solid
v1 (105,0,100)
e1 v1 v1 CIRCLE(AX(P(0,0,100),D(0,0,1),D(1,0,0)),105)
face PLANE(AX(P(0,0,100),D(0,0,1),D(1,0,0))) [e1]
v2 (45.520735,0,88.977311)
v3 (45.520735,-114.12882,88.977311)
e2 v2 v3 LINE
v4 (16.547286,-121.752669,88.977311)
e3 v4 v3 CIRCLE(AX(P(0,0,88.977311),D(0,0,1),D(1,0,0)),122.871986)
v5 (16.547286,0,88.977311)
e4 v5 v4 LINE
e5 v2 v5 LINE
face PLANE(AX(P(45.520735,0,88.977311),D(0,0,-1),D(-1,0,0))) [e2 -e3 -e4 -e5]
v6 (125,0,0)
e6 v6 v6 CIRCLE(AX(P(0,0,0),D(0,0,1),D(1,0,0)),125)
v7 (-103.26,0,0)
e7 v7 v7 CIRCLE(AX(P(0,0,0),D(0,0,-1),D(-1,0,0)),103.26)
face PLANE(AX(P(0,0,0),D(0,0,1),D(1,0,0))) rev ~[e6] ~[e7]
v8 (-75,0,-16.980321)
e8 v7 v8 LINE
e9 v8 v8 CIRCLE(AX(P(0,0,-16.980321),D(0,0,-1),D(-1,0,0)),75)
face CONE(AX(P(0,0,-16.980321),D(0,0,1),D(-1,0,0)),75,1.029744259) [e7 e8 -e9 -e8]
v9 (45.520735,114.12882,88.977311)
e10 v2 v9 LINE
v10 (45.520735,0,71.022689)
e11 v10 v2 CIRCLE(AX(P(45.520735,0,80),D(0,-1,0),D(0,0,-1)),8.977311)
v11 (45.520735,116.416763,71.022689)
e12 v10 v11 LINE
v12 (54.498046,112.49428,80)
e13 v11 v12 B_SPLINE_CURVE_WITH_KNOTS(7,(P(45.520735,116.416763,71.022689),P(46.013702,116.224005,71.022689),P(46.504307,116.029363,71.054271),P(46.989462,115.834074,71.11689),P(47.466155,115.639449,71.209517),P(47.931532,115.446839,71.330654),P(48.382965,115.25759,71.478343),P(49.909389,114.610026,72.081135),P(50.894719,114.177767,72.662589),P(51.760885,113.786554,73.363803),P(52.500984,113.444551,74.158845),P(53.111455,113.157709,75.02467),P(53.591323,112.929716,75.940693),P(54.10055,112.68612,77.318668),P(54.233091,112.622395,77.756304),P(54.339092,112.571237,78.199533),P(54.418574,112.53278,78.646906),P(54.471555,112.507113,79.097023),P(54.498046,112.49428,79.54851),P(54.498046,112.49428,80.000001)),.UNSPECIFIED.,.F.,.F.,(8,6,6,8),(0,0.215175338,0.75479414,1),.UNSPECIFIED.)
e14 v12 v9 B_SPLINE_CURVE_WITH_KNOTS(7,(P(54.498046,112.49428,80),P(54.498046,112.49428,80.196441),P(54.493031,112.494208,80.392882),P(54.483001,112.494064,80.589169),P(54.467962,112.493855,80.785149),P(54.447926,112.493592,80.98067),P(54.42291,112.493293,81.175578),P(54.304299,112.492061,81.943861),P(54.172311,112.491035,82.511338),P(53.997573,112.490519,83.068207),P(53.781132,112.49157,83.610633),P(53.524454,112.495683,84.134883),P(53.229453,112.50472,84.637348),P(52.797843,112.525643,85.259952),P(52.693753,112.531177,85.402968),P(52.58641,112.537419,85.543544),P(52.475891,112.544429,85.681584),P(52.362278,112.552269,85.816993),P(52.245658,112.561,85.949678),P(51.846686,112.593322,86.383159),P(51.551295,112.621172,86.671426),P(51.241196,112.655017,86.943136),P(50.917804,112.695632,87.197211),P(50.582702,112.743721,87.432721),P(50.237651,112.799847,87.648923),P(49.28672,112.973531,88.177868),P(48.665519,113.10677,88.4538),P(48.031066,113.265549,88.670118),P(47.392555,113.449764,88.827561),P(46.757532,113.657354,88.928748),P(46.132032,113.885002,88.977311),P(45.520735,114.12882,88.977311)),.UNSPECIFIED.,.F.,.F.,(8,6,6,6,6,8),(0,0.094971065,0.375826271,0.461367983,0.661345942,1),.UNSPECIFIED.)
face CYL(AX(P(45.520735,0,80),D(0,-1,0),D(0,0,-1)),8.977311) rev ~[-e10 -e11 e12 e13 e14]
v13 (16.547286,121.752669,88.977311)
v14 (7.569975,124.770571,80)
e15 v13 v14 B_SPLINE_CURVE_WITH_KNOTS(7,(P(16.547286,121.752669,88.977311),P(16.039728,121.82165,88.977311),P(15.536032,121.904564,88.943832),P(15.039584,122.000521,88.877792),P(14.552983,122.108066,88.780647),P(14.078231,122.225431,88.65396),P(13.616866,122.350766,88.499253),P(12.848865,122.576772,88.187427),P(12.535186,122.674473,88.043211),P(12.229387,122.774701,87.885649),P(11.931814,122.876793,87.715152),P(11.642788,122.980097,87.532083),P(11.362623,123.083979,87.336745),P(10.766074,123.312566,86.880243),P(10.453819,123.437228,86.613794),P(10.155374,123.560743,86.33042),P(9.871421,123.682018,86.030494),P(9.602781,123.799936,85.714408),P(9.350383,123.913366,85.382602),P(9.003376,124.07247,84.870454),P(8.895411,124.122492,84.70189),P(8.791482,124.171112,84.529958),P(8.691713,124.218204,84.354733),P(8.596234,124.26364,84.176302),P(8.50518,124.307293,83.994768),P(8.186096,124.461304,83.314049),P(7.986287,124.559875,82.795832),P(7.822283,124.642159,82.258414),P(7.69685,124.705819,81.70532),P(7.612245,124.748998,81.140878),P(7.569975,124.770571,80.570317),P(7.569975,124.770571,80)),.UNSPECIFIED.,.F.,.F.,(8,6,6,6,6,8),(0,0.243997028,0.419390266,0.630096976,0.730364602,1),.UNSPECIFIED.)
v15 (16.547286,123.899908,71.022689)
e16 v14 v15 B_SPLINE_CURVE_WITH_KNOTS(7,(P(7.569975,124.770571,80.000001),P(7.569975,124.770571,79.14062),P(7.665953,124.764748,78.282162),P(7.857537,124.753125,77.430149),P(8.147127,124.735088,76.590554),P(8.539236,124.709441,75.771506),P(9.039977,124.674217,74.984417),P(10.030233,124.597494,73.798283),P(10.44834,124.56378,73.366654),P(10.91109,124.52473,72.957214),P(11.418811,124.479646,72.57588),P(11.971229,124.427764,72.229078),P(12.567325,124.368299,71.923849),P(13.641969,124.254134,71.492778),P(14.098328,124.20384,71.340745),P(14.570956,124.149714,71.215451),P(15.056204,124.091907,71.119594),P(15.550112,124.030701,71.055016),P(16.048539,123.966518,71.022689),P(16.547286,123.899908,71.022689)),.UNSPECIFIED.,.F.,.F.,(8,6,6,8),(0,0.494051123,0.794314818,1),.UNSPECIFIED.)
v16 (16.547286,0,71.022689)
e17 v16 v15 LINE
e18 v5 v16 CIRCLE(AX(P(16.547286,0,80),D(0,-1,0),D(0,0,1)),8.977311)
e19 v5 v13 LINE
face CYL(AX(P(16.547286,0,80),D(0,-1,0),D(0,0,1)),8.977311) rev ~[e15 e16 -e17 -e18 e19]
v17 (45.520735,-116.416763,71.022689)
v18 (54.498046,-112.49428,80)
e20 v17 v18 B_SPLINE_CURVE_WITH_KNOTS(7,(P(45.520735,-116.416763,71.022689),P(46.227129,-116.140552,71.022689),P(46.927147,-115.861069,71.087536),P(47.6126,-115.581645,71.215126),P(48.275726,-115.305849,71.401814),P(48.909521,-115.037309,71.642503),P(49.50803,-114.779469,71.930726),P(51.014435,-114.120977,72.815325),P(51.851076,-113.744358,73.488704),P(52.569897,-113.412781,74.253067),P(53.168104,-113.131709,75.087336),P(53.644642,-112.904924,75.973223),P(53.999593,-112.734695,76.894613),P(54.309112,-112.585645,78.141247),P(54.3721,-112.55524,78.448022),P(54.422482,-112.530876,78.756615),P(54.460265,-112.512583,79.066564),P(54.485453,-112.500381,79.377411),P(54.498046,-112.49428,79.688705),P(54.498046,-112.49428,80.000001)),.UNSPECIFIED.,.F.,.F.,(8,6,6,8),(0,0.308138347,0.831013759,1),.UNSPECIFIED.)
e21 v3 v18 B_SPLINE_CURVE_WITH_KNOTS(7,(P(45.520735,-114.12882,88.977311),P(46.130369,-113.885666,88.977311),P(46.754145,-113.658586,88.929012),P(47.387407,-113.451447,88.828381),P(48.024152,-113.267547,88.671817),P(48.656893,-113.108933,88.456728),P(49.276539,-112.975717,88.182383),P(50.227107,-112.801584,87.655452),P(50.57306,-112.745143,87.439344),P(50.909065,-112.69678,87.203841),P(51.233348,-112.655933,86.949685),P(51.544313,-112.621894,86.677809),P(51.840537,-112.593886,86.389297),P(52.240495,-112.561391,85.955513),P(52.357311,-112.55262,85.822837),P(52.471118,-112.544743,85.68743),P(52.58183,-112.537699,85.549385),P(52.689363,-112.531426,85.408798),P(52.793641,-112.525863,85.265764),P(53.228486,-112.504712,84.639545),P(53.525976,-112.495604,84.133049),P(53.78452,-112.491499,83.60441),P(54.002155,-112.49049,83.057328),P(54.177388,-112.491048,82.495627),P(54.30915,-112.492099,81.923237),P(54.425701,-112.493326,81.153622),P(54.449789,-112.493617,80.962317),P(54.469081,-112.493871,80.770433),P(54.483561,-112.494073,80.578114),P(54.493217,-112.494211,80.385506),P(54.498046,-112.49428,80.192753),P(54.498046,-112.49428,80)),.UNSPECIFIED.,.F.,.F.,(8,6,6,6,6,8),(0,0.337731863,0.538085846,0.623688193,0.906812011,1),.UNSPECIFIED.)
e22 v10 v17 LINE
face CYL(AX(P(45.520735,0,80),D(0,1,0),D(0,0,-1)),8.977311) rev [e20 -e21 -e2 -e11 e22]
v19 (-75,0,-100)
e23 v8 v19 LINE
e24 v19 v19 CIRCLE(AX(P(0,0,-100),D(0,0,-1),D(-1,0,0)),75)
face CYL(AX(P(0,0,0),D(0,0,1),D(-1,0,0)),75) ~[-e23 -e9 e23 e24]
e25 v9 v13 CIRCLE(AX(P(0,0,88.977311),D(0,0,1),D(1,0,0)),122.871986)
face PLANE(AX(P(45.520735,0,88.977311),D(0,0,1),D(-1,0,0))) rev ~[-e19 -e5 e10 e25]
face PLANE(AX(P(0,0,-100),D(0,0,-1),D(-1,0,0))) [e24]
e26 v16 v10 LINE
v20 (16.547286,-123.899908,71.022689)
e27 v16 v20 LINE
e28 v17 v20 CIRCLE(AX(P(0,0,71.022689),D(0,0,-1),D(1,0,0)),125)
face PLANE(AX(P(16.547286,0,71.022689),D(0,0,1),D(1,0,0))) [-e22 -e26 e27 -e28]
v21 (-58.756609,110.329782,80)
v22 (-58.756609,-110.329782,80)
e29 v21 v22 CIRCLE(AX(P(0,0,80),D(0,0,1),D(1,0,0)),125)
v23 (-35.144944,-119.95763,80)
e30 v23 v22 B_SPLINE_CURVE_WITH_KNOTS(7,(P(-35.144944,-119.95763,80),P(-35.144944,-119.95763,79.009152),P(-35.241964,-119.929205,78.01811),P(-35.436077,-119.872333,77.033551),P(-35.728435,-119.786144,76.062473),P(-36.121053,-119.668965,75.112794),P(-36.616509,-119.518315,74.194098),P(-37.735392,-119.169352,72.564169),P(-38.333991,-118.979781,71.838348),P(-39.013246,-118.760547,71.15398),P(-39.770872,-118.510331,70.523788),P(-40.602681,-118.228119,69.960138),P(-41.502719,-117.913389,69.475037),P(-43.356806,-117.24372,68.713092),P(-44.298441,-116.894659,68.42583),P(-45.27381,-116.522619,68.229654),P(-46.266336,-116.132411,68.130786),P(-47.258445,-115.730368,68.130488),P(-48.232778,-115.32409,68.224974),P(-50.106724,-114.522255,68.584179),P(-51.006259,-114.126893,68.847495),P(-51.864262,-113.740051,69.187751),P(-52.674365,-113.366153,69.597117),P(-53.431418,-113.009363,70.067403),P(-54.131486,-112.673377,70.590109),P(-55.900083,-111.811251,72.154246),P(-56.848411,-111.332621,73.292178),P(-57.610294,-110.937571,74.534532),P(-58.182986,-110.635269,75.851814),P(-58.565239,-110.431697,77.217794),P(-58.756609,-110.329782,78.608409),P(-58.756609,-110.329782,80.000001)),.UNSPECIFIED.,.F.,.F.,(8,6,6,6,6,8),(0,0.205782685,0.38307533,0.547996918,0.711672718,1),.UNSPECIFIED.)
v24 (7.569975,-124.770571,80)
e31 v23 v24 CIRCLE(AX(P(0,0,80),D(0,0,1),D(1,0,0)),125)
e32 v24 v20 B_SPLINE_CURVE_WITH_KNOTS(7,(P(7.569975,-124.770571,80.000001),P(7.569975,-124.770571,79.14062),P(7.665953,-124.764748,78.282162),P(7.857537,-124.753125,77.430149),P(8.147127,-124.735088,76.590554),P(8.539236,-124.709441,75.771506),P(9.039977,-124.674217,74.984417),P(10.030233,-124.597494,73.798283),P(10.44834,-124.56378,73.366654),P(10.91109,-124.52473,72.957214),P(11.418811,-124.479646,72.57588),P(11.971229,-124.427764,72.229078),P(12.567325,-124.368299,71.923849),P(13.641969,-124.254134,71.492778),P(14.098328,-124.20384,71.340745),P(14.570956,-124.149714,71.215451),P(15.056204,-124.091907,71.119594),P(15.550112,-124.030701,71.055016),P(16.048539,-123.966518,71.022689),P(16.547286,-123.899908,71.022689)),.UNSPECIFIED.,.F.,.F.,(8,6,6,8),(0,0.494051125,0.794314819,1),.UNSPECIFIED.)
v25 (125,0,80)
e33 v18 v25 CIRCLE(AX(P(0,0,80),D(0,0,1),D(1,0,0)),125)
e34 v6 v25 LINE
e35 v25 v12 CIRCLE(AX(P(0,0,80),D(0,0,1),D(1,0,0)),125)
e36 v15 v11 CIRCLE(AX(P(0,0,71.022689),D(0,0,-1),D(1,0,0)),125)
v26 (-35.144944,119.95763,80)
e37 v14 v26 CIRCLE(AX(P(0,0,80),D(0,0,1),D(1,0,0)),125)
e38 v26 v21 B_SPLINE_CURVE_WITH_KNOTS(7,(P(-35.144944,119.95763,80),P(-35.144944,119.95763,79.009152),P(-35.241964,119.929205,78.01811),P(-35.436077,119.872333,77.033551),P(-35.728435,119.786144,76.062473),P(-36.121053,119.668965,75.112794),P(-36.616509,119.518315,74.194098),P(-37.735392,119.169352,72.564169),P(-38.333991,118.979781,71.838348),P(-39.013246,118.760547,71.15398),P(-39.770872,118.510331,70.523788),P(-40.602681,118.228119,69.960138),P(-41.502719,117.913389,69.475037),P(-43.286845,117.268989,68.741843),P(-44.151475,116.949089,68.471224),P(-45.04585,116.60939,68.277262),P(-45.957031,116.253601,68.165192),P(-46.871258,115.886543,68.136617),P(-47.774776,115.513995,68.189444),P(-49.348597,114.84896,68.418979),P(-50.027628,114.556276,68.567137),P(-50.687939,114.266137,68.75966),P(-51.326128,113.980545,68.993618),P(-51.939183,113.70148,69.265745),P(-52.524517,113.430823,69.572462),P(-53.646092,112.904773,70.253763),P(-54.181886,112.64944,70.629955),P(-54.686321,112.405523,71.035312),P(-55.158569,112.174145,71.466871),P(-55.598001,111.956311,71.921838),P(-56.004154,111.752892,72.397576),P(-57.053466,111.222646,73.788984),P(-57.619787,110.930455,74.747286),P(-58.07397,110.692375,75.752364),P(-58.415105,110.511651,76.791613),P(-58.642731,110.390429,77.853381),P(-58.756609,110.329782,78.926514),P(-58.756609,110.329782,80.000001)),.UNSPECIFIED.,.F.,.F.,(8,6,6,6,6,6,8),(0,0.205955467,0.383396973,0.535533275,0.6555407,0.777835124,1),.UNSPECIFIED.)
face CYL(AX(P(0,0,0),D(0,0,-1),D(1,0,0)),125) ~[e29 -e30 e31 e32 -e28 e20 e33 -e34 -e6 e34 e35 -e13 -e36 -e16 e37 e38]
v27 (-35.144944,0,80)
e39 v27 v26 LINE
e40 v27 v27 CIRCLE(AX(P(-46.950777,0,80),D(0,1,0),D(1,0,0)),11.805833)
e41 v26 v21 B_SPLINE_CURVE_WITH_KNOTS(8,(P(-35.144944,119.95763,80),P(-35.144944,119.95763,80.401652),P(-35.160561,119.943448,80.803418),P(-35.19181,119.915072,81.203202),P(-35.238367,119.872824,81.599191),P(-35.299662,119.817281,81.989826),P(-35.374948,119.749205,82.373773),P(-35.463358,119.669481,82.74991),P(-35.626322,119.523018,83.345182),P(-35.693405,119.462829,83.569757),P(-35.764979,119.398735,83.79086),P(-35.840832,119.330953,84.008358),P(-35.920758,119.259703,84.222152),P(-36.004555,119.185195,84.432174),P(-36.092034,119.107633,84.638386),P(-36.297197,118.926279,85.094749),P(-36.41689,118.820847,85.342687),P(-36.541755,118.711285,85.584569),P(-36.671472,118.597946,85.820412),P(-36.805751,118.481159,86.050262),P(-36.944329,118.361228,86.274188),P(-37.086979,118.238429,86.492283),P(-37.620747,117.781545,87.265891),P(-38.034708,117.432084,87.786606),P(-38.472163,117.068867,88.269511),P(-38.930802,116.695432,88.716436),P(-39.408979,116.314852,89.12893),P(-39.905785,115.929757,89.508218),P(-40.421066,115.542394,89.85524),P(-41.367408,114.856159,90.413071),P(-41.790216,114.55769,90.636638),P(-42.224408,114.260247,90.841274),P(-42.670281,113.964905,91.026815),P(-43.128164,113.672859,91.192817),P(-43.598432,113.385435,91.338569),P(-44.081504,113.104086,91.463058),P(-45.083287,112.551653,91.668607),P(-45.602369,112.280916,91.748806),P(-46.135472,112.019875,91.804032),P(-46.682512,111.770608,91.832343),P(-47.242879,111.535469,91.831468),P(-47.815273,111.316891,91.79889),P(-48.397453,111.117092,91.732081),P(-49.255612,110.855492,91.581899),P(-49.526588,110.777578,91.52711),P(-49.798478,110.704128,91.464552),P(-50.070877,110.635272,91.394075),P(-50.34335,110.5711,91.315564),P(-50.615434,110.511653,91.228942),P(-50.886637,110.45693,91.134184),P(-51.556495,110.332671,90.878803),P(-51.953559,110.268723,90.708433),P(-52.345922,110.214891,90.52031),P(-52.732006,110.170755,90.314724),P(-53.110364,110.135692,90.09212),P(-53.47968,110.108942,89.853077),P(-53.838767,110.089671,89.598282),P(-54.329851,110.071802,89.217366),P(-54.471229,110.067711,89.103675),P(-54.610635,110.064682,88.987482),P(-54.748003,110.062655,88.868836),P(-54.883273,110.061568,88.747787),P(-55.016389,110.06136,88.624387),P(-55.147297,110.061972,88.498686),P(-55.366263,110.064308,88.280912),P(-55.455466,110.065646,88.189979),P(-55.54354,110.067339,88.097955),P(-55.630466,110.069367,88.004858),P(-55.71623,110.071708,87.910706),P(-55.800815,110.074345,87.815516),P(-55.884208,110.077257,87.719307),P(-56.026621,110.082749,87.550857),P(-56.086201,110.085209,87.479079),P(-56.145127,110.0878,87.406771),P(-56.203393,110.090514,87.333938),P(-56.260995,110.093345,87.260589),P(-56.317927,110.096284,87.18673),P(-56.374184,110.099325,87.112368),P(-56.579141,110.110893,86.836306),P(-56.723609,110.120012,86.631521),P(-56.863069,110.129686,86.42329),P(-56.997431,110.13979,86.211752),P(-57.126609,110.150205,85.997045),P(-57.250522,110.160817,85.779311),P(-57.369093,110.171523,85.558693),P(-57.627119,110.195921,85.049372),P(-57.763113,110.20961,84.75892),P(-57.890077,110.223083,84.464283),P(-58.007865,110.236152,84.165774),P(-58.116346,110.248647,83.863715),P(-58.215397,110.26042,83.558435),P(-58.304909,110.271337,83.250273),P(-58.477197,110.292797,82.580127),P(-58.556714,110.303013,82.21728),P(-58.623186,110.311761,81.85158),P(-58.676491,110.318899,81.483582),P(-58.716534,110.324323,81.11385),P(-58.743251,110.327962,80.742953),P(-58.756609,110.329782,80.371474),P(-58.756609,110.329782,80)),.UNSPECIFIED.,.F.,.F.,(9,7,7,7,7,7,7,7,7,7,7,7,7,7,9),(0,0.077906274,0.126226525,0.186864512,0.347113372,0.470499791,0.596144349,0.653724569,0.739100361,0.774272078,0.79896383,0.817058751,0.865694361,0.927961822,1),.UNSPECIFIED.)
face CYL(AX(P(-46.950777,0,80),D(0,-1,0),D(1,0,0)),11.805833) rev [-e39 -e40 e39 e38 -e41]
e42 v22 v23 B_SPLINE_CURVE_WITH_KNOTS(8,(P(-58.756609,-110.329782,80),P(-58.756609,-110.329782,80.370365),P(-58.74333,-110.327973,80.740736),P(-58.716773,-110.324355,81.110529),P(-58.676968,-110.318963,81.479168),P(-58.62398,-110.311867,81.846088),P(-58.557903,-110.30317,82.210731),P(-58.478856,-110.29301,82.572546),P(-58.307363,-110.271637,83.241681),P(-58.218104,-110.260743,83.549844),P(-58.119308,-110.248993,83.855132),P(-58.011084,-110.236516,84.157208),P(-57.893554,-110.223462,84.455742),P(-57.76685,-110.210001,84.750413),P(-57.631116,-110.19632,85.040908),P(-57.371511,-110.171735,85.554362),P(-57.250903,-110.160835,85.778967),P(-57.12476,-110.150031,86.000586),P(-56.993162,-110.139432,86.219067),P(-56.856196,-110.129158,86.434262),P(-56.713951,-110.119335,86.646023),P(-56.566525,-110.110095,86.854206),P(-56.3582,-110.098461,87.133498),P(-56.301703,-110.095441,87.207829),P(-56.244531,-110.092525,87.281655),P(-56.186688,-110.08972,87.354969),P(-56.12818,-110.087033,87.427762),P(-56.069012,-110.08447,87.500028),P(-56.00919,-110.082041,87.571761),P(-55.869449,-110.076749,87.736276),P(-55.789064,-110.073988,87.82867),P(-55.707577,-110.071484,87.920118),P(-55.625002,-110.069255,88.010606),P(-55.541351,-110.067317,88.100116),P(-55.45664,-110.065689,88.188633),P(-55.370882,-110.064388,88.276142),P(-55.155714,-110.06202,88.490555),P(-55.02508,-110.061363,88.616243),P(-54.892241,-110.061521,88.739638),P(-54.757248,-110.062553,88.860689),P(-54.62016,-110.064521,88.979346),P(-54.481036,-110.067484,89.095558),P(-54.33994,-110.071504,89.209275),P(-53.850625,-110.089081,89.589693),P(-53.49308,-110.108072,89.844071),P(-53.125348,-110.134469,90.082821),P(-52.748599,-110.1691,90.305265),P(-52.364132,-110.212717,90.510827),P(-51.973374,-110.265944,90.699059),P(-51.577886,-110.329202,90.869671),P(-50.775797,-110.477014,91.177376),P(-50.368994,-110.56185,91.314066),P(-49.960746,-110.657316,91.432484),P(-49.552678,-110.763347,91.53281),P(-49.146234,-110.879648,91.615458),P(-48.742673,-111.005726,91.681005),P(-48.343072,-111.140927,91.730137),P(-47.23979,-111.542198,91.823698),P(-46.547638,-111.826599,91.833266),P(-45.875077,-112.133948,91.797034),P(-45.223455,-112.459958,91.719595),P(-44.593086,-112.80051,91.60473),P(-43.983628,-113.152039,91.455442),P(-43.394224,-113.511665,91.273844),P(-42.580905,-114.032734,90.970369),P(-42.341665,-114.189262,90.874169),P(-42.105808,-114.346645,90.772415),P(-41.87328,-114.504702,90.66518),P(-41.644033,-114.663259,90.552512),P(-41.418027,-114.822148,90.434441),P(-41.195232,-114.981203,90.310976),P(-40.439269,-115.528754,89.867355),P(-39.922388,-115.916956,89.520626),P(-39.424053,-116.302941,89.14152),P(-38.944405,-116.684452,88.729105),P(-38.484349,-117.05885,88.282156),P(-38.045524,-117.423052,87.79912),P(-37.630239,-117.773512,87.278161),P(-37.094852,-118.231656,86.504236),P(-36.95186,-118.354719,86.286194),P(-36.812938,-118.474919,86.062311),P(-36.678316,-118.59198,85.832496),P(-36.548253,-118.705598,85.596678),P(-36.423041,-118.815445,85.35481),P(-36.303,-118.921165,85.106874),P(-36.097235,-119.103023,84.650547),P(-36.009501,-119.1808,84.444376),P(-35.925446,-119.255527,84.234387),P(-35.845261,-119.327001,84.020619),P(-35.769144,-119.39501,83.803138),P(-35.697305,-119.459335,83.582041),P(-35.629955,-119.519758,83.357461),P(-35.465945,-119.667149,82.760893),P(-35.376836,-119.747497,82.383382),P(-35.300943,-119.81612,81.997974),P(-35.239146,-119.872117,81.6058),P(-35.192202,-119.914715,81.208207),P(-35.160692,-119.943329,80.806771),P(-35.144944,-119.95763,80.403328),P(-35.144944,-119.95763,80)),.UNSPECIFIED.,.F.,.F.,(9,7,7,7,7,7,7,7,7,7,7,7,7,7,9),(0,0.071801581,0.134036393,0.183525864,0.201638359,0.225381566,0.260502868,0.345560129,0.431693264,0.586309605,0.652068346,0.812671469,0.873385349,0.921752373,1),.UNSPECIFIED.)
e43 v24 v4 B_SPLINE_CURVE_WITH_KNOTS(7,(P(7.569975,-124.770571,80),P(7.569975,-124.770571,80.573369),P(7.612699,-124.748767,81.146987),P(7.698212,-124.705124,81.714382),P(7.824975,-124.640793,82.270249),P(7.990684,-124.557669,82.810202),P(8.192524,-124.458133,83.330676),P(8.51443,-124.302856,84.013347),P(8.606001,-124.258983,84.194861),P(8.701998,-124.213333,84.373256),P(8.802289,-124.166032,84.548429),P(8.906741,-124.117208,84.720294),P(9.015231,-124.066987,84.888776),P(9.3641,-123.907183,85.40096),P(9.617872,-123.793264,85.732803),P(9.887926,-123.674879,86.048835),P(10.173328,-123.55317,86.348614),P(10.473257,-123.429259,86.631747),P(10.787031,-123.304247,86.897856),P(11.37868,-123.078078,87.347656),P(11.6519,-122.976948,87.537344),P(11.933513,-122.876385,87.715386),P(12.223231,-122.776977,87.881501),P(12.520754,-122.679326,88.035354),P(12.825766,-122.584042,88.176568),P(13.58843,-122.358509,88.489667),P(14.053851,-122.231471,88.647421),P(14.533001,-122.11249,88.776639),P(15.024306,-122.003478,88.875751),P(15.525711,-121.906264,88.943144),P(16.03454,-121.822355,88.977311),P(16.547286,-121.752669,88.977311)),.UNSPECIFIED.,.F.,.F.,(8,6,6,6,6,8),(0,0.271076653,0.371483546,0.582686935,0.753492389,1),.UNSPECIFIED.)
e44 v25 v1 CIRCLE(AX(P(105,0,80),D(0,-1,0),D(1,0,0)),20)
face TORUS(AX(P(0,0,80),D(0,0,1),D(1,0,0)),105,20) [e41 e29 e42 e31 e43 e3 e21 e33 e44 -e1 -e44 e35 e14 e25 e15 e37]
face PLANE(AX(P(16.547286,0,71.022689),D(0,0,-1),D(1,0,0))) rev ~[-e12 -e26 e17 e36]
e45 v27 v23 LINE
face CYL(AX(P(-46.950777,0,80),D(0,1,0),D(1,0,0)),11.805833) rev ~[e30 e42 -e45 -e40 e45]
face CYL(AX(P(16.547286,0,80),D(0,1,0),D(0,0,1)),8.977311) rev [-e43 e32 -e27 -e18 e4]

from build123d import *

# Parameters (mm, degrees)
SKETCH1_R               = 125
BOSS_EXTRUDE1_DEPTH     = 100
FILLET1_R               = 20
SKETCH2_R               = 11.805832703
CUT_EXTRUDE1_DEPTH      = 126
CUT_EXTRUDE1_DEPTH_BACK = 126
SKETCH3_R               = 75
BOSS_EXTRUDE2_DEPTH     = 100
CHAMFER1_SIZE           = 28.26
CHAMFER1_SIZE2          = 16.980321094


with BuildPart() as part:
    # Sketch1 → Boss-Extrude1 (new body)
    with BuildSketch(Plane.XY):
        Circle(SKETCH1_R)
    extrude(amount=BOSS_EXTRUDE1_DEPTH)

    # Fillet1
    fillet1_edges = [part.edges().sort_by_distance(p)[0] for p in [
        (-125, 0, 100),
    ]]
    fillet(fillet1_edges, radius=FILLET1_R)

    # Sketch2 → Cut-Extrude1 (cut, two sides)
    with BuildSketch(Plane(origin=(0, 0, 0), x_dir=(1, 0, 0), z_dir=(0, 1, 0))) as cut_extrude1_sk:
        with Locations((-46.950776643, -80)):
            Circle(SKETCH2_R)
        with BuildLine():
            Line((16.547286213, -71.022688997), (45.520734854, -71.022688997))
            ThreePointArc((45.520734854, -71.022688997), (54.498045857, -80), (45.520734854, -88.977311003))
            Line((45.520734854, -88.977311003), (16.547286213, -88.977311003))
            ThreePointArc((16.547286213, -88.977311003), (7.56997521, -80), (16.547286213, -71.022688997))
        make_face()
    extrude(amount=CUT_EXTRUDE1_DEPTH, mode=Mode.SUBTRACT)
    extrude(cut_extrude1_sk.sketch, amount=-CUT_EXTRUDE1_DEPTH_BACK, mode=Mode.SUBTRACT)

    # Sketch3 → Boss-Extrude2 (add)
    with BuildSketch(Plane(origin=(0, 0, 0), x_dir=(-1, 0, 0), z_dir=(0, 0, -1))):
        Circle(SKETCH3_R)
    extrude(amount=BOSS_EXTRUDE2_DEPTH)

    # Chamfer1
    chamfer1_edges = [part.edges().sort_by_distance(p)[0] for p in [
        (75, 0, 0),
    ]]
    chamfer1_side = [part.faces().sort_by_distance(p)[0] for p in [
        (-121.464466094, 0, 0),
    ]]
    chamfer(chamfer1_edges, length=CHAMFER1_SIZE, length2=CHAMFER1_SIZE2, reference=chamfer1_side[0])


solid = part.part
